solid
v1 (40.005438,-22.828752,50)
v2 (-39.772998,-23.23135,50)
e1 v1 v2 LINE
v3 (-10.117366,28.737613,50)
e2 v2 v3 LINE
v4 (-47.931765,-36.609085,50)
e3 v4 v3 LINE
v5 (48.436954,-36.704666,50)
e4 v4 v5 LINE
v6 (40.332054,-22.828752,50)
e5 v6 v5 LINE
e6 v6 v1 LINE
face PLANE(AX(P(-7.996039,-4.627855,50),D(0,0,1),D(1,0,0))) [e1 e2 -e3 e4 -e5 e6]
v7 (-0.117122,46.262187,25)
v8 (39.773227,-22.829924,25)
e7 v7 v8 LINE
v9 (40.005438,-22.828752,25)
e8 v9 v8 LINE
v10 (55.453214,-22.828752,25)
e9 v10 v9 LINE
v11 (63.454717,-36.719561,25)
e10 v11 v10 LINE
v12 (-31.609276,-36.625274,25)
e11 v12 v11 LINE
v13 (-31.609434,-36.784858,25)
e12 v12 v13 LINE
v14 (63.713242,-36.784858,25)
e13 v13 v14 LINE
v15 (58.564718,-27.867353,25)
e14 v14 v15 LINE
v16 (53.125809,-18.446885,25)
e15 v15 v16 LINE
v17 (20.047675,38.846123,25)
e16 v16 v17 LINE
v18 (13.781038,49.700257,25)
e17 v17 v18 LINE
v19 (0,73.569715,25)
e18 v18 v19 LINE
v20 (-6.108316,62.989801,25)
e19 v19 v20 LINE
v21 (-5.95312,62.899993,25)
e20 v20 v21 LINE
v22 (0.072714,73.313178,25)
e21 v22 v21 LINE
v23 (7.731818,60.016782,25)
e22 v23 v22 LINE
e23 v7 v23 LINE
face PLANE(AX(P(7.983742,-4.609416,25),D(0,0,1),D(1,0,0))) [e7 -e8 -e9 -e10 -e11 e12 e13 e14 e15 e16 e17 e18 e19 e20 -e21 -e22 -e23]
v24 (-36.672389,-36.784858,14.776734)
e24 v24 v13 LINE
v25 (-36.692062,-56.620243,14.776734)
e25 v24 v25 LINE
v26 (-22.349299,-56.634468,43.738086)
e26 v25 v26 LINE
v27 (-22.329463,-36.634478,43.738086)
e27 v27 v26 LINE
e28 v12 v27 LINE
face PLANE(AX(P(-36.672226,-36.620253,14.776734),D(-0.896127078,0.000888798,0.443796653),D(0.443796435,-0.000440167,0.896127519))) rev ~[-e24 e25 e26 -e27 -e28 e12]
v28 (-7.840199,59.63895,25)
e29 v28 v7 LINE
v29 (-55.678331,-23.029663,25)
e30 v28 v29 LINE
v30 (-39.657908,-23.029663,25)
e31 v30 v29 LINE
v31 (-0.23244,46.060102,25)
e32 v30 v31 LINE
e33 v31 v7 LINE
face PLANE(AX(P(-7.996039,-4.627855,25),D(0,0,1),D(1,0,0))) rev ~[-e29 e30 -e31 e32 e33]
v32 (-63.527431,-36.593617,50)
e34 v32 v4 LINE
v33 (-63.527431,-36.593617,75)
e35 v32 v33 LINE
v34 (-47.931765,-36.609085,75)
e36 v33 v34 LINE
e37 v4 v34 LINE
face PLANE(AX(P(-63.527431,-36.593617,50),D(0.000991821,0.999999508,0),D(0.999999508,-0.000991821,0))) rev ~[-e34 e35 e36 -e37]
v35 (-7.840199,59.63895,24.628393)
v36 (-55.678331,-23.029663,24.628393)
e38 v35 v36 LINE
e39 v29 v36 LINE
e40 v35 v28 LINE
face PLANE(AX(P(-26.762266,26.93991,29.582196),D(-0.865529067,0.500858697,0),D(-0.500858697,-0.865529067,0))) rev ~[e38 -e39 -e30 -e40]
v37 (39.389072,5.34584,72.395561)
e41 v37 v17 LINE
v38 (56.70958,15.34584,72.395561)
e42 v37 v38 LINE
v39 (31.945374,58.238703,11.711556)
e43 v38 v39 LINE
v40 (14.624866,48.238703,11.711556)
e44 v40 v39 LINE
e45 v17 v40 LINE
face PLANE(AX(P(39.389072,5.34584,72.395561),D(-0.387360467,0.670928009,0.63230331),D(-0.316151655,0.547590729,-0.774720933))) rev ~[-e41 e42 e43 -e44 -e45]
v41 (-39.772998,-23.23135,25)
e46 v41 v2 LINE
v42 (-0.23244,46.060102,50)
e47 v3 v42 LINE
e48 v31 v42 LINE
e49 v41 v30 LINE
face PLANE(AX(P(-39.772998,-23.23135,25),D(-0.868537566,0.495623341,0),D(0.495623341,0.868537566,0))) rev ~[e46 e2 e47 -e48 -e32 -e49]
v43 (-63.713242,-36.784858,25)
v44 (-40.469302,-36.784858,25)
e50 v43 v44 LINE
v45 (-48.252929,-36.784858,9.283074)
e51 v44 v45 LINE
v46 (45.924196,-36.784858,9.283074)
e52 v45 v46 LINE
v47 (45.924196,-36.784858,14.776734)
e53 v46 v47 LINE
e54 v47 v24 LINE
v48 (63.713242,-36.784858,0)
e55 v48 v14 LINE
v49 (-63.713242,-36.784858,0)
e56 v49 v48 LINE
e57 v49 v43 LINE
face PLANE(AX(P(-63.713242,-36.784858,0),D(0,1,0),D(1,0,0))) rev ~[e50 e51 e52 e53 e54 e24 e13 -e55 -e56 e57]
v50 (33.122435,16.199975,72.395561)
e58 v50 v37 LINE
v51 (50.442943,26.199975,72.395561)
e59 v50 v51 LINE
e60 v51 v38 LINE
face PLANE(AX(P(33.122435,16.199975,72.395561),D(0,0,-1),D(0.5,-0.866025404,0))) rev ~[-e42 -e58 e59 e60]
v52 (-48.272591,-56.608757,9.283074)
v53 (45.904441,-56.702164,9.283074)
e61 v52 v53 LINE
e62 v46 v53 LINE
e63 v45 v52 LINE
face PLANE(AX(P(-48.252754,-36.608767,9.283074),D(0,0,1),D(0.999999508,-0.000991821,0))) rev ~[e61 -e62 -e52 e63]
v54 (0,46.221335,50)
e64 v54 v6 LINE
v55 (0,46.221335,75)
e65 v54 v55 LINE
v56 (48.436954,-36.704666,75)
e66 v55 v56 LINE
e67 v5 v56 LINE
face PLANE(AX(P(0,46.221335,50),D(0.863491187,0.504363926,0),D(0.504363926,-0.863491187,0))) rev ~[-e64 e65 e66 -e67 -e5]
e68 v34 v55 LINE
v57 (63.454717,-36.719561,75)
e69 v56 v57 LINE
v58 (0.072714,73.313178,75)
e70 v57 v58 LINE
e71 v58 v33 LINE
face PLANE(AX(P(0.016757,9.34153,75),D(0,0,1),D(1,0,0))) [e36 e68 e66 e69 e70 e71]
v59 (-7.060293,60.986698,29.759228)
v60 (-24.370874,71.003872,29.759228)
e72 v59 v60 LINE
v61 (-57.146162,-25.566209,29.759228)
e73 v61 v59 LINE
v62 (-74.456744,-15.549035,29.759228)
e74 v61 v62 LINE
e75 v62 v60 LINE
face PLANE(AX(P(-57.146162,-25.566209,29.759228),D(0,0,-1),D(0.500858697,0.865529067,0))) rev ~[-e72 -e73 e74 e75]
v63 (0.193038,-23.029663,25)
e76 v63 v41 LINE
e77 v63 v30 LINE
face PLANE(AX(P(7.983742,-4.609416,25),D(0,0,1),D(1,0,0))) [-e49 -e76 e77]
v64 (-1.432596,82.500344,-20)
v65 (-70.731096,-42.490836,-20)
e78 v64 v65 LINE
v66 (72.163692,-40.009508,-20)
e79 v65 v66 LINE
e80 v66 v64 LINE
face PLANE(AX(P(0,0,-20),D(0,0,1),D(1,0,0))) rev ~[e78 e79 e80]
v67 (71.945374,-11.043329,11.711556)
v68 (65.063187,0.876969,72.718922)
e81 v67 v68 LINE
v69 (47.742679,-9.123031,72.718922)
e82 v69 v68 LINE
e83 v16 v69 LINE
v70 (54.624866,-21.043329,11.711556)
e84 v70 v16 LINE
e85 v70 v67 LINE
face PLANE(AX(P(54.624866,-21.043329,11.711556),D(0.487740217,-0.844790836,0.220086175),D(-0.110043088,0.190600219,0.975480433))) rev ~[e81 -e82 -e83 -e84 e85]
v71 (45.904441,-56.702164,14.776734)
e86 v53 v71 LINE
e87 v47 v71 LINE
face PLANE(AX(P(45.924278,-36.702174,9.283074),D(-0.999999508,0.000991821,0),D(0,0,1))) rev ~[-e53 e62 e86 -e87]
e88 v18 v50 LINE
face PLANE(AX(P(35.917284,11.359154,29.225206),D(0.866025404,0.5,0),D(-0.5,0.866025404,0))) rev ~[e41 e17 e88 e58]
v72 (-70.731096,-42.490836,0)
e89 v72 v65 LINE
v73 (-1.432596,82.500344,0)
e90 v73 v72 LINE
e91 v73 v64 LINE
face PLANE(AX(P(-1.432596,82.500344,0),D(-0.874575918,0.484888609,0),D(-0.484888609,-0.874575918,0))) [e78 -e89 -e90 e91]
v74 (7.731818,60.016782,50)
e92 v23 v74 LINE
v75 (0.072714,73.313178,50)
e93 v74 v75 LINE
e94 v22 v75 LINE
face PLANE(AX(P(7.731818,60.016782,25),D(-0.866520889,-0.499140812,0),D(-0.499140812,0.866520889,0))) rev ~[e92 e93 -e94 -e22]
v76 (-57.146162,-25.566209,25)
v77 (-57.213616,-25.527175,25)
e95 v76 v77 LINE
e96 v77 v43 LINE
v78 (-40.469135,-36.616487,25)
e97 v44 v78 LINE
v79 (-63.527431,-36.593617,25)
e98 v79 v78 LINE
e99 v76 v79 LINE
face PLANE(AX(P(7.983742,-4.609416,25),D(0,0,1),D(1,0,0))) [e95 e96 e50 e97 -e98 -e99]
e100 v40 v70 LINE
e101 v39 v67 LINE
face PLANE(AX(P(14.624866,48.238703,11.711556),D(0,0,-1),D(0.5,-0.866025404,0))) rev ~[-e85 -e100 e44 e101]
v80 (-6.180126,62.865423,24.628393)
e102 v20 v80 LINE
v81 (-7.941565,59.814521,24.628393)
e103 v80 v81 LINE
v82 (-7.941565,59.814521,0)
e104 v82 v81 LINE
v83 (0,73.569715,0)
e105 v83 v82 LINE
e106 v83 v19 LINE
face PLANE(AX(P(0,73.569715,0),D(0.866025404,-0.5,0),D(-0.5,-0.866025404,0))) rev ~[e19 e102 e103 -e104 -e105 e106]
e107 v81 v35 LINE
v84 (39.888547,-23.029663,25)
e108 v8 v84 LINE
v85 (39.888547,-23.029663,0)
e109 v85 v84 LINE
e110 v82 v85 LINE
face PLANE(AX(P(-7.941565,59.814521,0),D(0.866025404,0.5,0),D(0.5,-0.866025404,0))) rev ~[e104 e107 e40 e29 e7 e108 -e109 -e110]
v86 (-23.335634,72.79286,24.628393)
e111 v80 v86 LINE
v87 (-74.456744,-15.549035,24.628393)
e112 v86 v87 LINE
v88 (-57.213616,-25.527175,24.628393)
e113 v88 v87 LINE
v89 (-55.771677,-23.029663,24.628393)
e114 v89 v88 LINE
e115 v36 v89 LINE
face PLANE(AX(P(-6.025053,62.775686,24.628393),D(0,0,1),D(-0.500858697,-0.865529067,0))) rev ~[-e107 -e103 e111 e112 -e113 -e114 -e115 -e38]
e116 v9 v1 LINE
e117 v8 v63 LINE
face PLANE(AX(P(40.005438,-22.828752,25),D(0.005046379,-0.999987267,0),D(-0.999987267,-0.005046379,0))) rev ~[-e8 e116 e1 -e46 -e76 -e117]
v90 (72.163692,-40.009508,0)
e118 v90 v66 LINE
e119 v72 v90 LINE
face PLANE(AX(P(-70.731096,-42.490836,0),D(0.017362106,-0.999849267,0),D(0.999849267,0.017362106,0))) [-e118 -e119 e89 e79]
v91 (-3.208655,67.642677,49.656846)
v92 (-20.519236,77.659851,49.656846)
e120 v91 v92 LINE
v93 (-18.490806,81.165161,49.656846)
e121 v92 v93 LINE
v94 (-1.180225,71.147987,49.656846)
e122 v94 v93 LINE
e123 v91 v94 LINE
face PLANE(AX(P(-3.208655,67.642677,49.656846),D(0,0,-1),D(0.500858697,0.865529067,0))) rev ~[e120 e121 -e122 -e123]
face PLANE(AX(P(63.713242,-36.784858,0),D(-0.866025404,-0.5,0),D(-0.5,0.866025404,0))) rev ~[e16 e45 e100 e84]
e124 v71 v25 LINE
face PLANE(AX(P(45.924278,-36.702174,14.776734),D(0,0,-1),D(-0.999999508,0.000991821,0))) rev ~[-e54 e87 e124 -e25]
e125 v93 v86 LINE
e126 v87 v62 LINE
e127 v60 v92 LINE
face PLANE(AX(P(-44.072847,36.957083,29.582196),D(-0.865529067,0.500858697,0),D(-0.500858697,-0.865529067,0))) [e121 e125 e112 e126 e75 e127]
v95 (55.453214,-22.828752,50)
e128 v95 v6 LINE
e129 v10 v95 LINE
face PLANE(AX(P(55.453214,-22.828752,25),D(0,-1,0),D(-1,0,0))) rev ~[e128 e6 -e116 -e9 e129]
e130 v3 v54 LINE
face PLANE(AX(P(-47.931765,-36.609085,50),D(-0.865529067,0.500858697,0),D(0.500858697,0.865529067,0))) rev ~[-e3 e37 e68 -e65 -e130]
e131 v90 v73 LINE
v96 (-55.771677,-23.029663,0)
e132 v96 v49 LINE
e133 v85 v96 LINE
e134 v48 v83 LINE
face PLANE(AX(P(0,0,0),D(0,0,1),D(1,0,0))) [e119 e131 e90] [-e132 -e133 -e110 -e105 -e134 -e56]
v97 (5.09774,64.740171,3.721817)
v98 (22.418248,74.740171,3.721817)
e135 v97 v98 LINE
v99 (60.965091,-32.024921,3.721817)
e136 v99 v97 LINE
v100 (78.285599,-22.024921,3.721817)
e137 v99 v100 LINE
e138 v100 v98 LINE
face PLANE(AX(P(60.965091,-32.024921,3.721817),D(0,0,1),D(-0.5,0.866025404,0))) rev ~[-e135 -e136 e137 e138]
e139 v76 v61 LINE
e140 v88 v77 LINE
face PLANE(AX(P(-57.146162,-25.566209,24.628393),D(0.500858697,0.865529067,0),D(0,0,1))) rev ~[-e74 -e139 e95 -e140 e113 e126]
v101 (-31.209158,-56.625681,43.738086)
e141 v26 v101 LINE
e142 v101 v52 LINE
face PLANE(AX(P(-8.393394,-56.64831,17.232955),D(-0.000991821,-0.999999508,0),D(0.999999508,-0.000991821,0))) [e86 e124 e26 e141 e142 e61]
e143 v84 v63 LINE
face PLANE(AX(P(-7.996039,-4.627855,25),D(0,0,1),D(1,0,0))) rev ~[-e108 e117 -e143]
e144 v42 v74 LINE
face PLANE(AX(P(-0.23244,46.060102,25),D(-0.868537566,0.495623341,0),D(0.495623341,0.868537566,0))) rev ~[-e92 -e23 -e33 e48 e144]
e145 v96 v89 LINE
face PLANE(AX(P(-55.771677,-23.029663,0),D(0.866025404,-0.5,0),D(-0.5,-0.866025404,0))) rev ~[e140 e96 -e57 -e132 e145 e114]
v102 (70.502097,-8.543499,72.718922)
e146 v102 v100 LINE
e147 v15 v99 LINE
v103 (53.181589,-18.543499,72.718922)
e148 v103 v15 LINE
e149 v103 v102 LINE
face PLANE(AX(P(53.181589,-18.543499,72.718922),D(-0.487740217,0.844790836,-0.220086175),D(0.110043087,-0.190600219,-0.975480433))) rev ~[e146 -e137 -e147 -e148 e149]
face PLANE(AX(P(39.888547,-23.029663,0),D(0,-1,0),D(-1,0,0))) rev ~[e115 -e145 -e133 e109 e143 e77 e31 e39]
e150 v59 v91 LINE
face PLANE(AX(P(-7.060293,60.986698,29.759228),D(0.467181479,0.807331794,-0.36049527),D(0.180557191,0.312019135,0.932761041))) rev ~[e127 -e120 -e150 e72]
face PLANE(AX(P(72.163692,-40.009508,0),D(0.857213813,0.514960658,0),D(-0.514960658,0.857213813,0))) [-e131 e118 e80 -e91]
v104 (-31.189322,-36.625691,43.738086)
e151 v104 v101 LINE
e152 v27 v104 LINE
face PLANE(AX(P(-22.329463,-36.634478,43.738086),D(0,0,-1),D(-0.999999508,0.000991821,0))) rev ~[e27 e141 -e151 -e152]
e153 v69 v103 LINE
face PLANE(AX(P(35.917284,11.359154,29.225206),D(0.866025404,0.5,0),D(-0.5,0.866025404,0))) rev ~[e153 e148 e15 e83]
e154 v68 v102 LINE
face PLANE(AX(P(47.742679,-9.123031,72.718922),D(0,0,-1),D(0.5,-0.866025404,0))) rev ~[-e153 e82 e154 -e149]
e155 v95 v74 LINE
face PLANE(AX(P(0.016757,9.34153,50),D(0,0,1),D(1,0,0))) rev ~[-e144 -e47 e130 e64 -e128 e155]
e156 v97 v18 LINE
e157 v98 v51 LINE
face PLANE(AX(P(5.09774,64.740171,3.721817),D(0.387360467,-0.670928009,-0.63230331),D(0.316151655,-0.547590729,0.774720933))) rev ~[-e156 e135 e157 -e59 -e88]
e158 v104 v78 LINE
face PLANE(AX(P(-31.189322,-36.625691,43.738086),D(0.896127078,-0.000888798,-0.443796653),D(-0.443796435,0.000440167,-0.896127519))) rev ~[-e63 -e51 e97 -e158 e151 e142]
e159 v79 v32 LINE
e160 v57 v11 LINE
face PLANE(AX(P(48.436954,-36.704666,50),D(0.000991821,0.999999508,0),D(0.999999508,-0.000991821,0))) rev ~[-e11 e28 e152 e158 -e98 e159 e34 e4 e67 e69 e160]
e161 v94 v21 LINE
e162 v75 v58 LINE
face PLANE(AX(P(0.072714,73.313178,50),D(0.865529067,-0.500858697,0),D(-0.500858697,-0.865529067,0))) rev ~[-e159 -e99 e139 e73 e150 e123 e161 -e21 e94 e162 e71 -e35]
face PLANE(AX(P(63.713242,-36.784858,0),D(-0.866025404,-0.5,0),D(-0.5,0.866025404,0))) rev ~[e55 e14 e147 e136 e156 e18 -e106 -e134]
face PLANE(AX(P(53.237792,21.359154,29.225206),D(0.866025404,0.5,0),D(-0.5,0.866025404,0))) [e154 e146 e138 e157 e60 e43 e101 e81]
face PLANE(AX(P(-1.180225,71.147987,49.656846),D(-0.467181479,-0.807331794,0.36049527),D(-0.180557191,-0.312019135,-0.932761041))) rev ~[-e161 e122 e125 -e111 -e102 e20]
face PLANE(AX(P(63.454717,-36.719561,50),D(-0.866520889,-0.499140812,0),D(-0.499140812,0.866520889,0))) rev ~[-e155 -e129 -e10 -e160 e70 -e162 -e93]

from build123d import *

# Parameters (mm, degrees)
F2_DEPTH  = 20
F3_DEPTH  = 25
F6_DEPTH  = 25
F9_DEPTH  = 25
F12_DEPTH = 20
F15_DEPTH = 20
F18_DEPTH = 20


with BuildPart() as f2:
    # F0 (on Top) → F2 (new body)
    with BuildSketch(Plane.XY):
        Polygon((72.1636915906, -40.0095078308), (-1.4325956209, 82.5003440637), (-70.7310959697, -42.4908362329), align=None)
    extrude(amount=-F2_DEPTH)

    # F1 (on face) → F3 (join)
    with BuildSketch(Plane.XY):
        Polygon((63.7132421591, -36.7848575115), (0, 73.569715023), (-7.9415651396, 59.8145207096), (39.8885467402, -23.0296631981), (-55.7716770195, -23.0296631981), (-63.7132421591, -36.7848575115), align=None)
    extrude(amount=F3_DEPTH)

    # F5 (on offset) → F6 (join)
    with BuildSketch(Plane.XY.offset(25)):
        Polygon((-63.5274310143, -36.5936169448), (63.4547173977, -36.7195606232), (55.453214499, -22.828752175), (40.0054380298, -22.828752175), (-39.7729983351, -23.2313495358), (-0.2324396947, 46.0601017108), (7.7318175716, 60.0167822194), (0.0727136166, 73.3131775679), align=None)
    extrude(amount=F6_DEPTH)

    # F8 (on offset) → F9 (join)
    with BuildSketch(Plane.XY.offset(50)):
        Polygon((0.0727136166, 73.3131775679), (-63.5274310143, -36.5936169448), (-47.9317654972, -36.6090850677), (0, 46.2213350785), (48.4369544614, -36.7046656767), (63.4547173977, -36.7195606232), align=None)
    extrude(amount=F9_DEPTH)

    # F11 (on offset) → F12 (join)
    with BuildSketch(Plane(origin=(-0.0363568083, -36.656588784, 0), x_dir=(0.9999995081, -0.0009918214, 0), z_dir=(-0.0009918214, -0.9999995081, 0))):
        Polygon((-31.1529804021, 43.7380857766), (-48.2164211571, 9.2830741778), (45.9606572986, 9.2830741778), (45.9606572986, 14.7767344154), (-36.6358867937, 14.7767344154), (-22.2931168973, 43.7380857766), align=None)
    extrude(amount=F12_DEPTH)

    # F14 (on offset) → F15 (join)
    with BuildSketch(Plane(origin=(-31.7273586988, 18.3597803116, 0), x_dir=(-0.5008586966, -0.8655290671, 0), z_dir=(-0.8655290671, 0.5008586966, 0))):
        Polygon((-51.3164810836, 24.628393352), (-49.2495509186, 24.628393352), (-43.5906848585, 24.628393352), (50.7504490814, 24.628393352), (50.7504490814, 29.7592282616), (-49.2495509186, 29.7592282616), (-56.9396201191, 49.6568456292), (-60.9895251691, 49.6568456292), align=None)
    extrude(amount=F15_DEPTH)

    # F17 (on offset) → F18 (join)
    with BuildSketch(Plane(origin=(31.8566210796, 18.3924287558, 0), x_dir=(-0.5, 0.8660254038, 0), z_dir=(0.8660254038, 0.5, 0))):
        Polygon((-31.7721163192, 72.7189217287), (-42.6499355114, 72.7189217287), (-58.2169406468, 3.7218167854), (53.5177626068, 3.7218167854), (-2.5316273462, 72.3955608765), (-15.0649024936, 72.3955608765), (34.463509317, 11.7115555596), (-45.536490683, 11.7115555596), align=None)
    extrude(amount=F18_DEPTH)


solid = f2.part
